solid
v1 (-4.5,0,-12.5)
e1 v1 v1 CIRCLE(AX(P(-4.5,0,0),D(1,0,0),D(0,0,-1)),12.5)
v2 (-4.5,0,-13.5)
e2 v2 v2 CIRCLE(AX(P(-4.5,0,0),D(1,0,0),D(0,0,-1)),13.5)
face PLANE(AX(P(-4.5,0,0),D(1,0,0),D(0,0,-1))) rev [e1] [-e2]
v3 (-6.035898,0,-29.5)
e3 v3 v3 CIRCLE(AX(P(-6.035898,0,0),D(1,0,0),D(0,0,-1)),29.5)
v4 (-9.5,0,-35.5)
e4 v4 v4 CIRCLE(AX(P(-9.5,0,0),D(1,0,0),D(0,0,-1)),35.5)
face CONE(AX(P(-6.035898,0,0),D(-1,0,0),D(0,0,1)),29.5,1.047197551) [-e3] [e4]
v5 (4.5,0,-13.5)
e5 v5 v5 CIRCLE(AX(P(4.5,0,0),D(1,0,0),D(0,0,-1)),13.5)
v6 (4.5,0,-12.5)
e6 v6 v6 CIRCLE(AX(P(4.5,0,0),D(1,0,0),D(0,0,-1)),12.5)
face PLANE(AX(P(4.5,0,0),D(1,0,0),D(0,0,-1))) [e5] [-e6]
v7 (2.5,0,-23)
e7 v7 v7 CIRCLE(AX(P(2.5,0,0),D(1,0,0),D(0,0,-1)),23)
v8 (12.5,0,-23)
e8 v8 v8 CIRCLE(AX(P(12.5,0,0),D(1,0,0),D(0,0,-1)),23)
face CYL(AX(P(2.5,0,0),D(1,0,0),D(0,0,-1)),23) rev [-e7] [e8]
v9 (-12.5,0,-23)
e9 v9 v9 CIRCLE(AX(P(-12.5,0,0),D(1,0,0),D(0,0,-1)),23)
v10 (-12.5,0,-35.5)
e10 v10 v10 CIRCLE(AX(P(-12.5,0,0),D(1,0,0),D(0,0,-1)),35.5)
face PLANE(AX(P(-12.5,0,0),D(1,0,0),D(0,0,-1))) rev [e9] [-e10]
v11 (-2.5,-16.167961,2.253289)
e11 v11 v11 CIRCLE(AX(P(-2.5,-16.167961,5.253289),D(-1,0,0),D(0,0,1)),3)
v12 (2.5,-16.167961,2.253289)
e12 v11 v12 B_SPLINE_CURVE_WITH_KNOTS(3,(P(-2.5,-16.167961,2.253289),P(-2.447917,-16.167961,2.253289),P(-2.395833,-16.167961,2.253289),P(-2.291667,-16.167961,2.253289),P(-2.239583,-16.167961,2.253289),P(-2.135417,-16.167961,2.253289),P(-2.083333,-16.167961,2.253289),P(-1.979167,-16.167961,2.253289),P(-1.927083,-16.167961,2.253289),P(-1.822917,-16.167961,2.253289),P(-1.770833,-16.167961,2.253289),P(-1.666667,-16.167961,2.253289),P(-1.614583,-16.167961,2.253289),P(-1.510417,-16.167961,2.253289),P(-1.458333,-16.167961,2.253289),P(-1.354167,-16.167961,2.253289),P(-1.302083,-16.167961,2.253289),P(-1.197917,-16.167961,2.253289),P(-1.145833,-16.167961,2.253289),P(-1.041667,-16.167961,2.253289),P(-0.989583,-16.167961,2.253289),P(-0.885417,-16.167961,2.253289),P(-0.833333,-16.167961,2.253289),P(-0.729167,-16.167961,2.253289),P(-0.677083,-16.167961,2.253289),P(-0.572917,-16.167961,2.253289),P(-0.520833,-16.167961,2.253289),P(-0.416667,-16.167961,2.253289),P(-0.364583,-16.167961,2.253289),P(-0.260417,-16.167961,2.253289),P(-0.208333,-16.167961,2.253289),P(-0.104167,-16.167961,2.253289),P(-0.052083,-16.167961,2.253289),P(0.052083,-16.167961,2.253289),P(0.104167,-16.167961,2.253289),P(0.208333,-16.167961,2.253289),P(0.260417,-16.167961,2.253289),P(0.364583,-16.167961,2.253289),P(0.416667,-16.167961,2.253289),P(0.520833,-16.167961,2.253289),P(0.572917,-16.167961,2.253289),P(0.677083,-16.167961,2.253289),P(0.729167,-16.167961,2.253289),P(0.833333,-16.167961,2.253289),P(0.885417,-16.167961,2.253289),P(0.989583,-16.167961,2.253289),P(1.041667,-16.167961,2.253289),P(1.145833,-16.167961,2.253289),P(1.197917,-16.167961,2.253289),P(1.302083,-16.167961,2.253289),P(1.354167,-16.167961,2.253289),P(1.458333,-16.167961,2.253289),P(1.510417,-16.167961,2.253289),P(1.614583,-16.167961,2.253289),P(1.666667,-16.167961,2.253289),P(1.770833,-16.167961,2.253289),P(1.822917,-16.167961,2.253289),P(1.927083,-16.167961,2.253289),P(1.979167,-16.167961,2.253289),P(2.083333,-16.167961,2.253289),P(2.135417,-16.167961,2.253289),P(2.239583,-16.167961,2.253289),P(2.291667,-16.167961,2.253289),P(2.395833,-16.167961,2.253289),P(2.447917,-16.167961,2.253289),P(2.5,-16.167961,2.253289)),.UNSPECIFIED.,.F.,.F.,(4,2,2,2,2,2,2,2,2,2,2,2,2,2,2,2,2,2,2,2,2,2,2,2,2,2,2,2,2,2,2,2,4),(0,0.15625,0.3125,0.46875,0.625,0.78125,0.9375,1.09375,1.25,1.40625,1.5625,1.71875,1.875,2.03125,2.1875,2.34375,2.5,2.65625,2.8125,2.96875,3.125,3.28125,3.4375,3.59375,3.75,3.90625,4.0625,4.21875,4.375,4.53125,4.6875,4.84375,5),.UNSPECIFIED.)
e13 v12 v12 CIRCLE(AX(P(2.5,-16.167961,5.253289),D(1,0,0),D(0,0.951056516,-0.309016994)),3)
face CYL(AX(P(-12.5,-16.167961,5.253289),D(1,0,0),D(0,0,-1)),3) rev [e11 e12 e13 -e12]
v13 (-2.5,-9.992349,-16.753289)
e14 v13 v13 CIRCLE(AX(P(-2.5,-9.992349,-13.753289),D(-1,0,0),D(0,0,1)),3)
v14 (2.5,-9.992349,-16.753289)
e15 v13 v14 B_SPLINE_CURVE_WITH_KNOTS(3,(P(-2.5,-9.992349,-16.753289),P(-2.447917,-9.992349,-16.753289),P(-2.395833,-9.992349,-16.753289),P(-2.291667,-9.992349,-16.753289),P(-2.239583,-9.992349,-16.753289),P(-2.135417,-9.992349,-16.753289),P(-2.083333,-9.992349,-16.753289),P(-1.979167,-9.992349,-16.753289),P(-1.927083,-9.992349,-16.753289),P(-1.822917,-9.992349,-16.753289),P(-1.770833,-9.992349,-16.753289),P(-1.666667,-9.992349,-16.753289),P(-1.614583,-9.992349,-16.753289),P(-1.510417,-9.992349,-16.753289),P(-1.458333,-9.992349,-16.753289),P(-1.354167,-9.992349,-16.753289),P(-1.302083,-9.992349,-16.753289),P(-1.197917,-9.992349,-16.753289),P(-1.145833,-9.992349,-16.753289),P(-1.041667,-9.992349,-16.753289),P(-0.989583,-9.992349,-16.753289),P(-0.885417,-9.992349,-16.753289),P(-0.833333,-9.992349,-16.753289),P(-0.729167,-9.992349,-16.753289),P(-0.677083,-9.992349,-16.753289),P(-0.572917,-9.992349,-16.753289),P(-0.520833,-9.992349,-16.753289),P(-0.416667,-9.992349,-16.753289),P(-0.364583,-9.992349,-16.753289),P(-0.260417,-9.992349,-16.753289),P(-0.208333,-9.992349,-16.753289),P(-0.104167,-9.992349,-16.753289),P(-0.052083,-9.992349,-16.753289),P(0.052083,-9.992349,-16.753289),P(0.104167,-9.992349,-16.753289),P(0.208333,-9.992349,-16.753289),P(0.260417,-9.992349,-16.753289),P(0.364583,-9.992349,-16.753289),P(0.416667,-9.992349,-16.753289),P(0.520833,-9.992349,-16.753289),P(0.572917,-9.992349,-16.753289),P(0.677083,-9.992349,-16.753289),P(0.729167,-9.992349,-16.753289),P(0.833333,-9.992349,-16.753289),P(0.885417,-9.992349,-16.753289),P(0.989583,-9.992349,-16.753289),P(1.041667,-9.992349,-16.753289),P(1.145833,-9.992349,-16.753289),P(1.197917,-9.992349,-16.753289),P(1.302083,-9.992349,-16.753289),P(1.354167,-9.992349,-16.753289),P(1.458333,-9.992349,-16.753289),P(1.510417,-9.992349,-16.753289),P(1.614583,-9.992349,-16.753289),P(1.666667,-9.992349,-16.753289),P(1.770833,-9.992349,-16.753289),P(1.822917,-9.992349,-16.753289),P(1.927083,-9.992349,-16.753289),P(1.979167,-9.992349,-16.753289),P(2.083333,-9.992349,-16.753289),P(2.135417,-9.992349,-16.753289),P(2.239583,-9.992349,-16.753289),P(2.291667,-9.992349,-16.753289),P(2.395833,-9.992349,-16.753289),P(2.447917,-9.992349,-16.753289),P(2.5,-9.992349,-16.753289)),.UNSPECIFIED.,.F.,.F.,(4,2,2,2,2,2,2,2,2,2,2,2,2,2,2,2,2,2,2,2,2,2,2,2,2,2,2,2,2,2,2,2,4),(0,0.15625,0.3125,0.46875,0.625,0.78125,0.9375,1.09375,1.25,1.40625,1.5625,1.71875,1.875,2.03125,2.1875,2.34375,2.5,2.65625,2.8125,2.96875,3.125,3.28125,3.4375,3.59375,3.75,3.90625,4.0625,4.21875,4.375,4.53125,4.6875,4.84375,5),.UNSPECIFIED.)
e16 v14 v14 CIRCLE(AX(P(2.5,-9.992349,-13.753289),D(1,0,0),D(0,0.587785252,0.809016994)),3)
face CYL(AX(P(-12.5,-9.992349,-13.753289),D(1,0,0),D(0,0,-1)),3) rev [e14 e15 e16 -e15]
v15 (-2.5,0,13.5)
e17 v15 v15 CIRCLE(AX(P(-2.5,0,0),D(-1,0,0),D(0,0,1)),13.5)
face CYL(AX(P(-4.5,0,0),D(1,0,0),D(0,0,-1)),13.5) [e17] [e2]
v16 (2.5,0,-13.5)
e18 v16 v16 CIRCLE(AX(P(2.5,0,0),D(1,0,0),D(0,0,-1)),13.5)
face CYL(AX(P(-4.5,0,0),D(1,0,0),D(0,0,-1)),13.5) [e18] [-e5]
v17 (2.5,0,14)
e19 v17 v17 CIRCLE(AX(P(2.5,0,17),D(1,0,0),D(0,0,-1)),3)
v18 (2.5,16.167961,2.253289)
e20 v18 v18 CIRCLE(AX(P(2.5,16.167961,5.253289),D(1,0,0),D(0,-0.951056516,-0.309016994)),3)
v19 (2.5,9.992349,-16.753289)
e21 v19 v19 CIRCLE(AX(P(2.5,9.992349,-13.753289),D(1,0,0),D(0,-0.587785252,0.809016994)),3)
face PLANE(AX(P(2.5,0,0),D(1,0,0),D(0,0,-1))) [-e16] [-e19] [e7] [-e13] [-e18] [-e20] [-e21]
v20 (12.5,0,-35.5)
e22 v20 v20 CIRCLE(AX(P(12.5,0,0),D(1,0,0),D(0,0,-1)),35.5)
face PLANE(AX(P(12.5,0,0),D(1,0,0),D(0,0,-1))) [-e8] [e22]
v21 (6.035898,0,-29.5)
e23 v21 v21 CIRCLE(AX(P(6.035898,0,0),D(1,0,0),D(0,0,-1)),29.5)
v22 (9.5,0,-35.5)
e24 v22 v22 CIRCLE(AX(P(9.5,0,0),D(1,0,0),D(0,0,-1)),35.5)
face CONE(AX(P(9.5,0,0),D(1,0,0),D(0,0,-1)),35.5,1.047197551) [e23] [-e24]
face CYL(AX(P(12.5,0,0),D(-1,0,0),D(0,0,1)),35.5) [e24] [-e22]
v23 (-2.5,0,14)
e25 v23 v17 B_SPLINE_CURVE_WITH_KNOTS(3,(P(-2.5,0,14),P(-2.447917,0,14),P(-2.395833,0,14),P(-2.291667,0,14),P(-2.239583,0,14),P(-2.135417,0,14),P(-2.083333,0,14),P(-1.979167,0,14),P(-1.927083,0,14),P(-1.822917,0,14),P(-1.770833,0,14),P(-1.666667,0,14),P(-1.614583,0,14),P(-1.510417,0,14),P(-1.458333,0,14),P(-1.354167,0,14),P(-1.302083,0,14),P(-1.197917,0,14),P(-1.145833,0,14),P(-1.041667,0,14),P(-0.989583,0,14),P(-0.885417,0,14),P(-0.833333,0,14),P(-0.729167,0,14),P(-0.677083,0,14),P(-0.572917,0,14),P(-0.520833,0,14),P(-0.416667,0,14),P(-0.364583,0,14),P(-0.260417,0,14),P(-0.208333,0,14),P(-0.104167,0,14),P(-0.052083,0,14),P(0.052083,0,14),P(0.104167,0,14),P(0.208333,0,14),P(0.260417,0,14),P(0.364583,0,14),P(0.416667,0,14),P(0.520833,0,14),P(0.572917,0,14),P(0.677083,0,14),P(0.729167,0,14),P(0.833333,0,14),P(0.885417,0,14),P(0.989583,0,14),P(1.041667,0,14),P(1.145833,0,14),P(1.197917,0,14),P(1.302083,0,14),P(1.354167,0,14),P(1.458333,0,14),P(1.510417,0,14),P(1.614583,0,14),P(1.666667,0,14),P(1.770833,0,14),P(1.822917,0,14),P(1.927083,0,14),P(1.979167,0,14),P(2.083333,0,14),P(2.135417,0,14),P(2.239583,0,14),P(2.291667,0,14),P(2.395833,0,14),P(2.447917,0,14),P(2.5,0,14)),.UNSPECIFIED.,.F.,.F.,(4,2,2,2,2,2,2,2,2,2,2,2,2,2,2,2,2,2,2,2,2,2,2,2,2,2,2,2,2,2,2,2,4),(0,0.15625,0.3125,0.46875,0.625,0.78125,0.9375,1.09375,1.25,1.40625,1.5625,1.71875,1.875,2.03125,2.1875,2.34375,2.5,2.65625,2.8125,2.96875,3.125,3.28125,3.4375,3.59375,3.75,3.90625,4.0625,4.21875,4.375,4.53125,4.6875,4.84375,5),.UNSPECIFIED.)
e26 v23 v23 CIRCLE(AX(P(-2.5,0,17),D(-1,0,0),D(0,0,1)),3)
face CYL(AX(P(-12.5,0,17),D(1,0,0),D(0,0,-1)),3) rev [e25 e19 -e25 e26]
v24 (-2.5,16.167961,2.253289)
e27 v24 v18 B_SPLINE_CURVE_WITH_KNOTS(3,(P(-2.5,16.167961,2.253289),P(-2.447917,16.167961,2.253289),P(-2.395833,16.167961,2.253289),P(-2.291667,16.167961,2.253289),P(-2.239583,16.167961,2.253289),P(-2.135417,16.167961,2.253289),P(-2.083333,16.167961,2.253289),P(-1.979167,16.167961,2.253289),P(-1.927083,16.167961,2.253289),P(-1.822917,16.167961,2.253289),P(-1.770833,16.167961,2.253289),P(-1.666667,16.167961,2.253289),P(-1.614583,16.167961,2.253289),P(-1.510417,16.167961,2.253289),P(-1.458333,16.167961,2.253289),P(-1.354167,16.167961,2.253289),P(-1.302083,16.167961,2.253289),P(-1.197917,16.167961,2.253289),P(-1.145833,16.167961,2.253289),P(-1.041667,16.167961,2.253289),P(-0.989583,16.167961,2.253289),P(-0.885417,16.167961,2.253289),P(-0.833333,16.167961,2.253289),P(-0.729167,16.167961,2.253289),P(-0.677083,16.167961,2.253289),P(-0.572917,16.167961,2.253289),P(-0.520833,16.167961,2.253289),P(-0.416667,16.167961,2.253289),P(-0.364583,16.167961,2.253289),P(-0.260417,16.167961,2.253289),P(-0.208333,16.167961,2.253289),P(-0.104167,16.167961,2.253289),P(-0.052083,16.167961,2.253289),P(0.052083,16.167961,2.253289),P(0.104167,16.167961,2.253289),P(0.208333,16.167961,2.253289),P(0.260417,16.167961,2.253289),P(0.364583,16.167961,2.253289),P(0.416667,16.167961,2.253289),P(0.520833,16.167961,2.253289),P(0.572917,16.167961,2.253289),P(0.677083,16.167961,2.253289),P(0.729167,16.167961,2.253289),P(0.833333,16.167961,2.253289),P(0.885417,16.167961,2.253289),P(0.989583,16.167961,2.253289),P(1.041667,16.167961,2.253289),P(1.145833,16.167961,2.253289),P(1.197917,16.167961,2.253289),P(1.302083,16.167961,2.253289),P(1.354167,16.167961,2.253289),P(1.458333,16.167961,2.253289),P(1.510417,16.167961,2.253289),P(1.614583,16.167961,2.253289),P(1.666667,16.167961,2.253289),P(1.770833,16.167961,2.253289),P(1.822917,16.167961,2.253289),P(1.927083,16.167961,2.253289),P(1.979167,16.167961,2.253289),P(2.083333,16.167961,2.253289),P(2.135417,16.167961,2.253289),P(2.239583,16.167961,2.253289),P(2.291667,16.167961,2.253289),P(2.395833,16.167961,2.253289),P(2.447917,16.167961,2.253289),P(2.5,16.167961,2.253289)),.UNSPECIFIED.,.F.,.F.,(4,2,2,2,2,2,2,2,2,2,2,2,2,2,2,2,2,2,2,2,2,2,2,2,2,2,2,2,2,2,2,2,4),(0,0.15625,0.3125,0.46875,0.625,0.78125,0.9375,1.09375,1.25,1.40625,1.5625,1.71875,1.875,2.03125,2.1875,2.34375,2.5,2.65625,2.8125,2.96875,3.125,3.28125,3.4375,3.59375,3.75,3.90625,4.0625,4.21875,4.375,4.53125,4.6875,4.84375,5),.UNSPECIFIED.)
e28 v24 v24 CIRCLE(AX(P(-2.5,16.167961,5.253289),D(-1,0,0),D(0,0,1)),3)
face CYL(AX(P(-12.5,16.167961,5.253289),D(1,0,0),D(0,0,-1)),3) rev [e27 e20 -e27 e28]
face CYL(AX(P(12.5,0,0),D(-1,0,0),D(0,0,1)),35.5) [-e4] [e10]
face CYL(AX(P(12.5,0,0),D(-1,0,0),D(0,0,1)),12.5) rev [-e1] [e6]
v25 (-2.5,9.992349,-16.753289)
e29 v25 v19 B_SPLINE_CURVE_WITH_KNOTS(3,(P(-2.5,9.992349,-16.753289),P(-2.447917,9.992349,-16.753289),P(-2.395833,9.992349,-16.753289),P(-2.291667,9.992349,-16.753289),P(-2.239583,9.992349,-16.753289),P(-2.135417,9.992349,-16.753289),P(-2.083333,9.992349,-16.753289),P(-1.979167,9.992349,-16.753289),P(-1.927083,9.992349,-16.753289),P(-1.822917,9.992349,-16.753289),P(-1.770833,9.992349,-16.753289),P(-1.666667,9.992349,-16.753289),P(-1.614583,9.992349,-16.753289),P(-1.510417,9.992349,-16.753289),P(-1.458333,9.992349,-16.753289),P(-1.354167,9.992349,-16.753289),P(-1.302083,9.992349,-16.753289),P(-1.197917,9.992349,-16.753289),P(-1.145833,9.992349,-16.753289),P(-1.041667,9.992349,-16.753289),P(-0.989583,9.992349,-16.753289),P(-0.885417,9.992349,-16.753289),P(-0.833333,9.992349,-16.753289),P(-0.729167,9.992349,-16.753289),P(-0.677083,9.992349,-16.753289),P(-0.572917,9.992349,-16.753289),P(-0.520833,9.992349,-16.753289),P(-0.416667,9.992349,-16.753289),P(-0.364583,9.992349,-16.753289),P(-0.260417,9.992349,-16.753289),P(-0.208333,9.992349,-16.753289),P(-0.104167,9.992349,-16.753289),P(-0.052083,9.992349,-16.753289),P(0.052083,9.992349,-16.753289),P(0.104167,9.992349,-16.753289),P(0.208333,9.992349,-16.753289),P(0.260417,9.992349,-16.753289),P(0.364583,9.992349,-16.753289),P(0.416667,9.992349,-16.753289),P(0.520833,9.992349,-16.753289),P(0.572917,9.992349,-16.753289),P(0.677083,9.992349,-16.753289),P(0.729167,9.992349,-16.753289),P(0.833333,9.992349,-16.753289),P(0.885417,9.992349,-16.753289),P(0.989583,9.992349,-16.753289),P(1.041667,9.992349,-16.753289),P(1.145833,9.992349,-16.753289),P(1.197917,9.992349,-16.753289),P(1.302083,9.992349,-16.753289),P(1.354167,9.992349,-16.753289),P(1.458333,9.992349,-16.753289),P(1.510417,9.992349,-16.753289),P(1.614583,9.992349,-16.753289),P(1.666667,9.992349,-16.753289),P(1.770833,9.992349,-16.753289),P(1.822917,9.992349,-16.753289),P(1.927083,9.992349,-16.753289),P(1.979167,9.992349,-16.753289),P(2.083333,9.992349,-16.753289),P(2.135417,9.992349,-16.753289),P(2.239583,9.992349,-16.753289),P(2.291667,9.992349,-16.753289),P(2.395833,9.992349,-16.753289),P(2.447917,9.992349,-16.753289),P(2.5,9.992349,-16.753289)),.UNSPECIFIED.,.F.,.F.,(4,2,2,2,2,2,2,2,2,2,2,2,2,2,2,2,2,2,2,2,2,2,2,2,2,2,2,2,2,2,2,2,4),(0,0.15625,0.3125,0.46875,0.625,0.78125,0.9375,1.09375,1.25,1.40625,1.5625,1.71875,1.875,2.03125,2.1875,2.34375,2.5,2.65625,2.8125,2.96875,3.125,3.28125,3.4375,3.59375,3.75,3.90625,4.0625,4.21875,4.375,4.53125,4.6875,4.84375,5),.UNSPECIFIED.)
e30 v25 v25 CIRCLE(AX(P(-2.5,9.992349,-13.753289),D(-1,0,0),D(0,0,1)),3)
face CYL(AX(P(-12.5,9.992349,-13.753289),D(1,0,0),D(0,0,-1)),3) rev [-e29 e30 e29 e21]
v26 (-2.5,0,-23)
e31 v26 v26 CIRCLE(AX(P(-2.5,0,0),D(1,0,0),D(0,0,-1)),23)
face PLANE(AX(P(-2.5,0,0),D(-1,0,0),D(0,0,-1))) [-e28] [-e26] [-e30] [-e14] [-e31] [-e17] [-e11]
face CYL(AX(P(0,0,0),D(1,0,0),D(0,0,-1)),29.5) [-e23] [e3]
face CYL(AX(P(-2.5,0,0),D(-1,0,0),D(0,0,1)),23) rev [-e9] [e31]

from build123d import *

# Parameters (mm, degrees)
SKETCH2_R                = 35.5
SKETCH2_R_2              = 12.5
BOSS_EXTRUDE1_DEPTH      = 12.5
SKETCH4_R                = 23
CUT_EXTRUDE1_DEPTH       = 10
SKETCH5_R                = 3
CUT_EXTRUDE2_DEPTH       = 53.397519025
CIRPATTERN1_COUNT        = 5
BOSS_EXTRUDE2_DEPTH      = 2
BOSS_EXTRUDE2_DEPTH_BACK = 7
SKETCH6_R                = 13.5
SKETCH6_R_2              = 12.5


with BuildPart() as part:
    # Sketch2 → Boss-Extrude1 (new, symmetric)
    with BuildSketch(Plane.YZ):
        with Locations(Location((0, 0, 0), (0, 0, 270))):
            Circle(SKETCH2_R)
        with Locations(Location((0, 0, 0), (0, 0, 270))):
            Circle(SKETCH2_R_2, mode=Mode.SUBTRACT)
    extrude(amount=BOSS_EXTRUDE1_DEPTH, both=True)

    # Sketch4 → Cut-Extrude1 (cut)
    with BuildSketch(Plane.YZ.offset(12.5)):
        with Locations(Location((0, 0, 0), (0, 0, 270))):
            Circle(SKETCH4_R)
    cut_extrude1 = extrude(amount=-CUT_EXTRUDE1_DEPTH, mode=Mode.SUBTRACT)

    # Mirror1: Cut-Extrude1 across plane
    add(cut_extrude1.mirror(Plane(origin=(0, 0, 0), x_dir=(0, 0, 1), z_dir=(1, 0, 0))), mode=Mode.SUBTRACT)

    # Sketch5 → Cut-Extrude2 (cut, through all)
    with BuildSketch(Plane.YZ.offset(2.5)):
        with Locations(Location((0, 17, 0), (0, 0, 270))):
            Circle(SKETCH5_R)
    cut_extrude2 = extrude(amount=-CUT_EXTRUDE2_DEPTH, mode=Mode.SUBTRACT)

    # CirPattern1: Cut-Extrude2 ×5 about axis
    cirpattern1_axis = Axis((0, 0, 0), (1, 0, 0))
    for i in range(1, CIRPATTERN1_COUNT):
        add(cut_extrude2.rotate(cirpattern1_axis, i * 360 / CIRPATTERN1_COUNT), mode=Mode.SUBTRACT)

    # Sketch6 → Boss-Extrude2 (add, two sides: drawn at the far end of the back side and taken through both)
    with BuildSketch(Plane.YZ.offset(2.5).offset(-BOSS_EXTRUDE2_DEPTH_BACK)):
        with Locations(Location((0, 0, 0), (0, 0, 270))):
            Circle(SKETCH6_R)
        with Locations(Location((0, 0, 0), (0, 0, 270))):
            Circle(SKETCH6_R_2, mode=Mode.SUBTRACT)
    extrude(amount=BOSS_EXTRUDE2_DEPTH + BOSS_EXTRUDE2_DEPTH_BACK)

    # Sketch7 → Cut-Revolve1 (revolve, cut)
    with BuildSketch(Plane(origin=(0, 0, 0), x_dir=(0, 1, 0), z_dir=(0, 0, 1)), mode=Mode.PRIVATE) as cut_revolve1_sk:
        Polygon((-35.5, 9.5), (-29.5, 6.035898385), (-29.5, -6.035898385), (-35.5, -9.5), align=None)
    revolve(cut_revolve1_sk.sketch.rotate(Axis((0, 0, 0), (-1, 0, 0)), 270), axis=Axis((0, 0, 0), (-1, 0, 0)), mode=Mode.SUBTRACT)


solid = part.part
